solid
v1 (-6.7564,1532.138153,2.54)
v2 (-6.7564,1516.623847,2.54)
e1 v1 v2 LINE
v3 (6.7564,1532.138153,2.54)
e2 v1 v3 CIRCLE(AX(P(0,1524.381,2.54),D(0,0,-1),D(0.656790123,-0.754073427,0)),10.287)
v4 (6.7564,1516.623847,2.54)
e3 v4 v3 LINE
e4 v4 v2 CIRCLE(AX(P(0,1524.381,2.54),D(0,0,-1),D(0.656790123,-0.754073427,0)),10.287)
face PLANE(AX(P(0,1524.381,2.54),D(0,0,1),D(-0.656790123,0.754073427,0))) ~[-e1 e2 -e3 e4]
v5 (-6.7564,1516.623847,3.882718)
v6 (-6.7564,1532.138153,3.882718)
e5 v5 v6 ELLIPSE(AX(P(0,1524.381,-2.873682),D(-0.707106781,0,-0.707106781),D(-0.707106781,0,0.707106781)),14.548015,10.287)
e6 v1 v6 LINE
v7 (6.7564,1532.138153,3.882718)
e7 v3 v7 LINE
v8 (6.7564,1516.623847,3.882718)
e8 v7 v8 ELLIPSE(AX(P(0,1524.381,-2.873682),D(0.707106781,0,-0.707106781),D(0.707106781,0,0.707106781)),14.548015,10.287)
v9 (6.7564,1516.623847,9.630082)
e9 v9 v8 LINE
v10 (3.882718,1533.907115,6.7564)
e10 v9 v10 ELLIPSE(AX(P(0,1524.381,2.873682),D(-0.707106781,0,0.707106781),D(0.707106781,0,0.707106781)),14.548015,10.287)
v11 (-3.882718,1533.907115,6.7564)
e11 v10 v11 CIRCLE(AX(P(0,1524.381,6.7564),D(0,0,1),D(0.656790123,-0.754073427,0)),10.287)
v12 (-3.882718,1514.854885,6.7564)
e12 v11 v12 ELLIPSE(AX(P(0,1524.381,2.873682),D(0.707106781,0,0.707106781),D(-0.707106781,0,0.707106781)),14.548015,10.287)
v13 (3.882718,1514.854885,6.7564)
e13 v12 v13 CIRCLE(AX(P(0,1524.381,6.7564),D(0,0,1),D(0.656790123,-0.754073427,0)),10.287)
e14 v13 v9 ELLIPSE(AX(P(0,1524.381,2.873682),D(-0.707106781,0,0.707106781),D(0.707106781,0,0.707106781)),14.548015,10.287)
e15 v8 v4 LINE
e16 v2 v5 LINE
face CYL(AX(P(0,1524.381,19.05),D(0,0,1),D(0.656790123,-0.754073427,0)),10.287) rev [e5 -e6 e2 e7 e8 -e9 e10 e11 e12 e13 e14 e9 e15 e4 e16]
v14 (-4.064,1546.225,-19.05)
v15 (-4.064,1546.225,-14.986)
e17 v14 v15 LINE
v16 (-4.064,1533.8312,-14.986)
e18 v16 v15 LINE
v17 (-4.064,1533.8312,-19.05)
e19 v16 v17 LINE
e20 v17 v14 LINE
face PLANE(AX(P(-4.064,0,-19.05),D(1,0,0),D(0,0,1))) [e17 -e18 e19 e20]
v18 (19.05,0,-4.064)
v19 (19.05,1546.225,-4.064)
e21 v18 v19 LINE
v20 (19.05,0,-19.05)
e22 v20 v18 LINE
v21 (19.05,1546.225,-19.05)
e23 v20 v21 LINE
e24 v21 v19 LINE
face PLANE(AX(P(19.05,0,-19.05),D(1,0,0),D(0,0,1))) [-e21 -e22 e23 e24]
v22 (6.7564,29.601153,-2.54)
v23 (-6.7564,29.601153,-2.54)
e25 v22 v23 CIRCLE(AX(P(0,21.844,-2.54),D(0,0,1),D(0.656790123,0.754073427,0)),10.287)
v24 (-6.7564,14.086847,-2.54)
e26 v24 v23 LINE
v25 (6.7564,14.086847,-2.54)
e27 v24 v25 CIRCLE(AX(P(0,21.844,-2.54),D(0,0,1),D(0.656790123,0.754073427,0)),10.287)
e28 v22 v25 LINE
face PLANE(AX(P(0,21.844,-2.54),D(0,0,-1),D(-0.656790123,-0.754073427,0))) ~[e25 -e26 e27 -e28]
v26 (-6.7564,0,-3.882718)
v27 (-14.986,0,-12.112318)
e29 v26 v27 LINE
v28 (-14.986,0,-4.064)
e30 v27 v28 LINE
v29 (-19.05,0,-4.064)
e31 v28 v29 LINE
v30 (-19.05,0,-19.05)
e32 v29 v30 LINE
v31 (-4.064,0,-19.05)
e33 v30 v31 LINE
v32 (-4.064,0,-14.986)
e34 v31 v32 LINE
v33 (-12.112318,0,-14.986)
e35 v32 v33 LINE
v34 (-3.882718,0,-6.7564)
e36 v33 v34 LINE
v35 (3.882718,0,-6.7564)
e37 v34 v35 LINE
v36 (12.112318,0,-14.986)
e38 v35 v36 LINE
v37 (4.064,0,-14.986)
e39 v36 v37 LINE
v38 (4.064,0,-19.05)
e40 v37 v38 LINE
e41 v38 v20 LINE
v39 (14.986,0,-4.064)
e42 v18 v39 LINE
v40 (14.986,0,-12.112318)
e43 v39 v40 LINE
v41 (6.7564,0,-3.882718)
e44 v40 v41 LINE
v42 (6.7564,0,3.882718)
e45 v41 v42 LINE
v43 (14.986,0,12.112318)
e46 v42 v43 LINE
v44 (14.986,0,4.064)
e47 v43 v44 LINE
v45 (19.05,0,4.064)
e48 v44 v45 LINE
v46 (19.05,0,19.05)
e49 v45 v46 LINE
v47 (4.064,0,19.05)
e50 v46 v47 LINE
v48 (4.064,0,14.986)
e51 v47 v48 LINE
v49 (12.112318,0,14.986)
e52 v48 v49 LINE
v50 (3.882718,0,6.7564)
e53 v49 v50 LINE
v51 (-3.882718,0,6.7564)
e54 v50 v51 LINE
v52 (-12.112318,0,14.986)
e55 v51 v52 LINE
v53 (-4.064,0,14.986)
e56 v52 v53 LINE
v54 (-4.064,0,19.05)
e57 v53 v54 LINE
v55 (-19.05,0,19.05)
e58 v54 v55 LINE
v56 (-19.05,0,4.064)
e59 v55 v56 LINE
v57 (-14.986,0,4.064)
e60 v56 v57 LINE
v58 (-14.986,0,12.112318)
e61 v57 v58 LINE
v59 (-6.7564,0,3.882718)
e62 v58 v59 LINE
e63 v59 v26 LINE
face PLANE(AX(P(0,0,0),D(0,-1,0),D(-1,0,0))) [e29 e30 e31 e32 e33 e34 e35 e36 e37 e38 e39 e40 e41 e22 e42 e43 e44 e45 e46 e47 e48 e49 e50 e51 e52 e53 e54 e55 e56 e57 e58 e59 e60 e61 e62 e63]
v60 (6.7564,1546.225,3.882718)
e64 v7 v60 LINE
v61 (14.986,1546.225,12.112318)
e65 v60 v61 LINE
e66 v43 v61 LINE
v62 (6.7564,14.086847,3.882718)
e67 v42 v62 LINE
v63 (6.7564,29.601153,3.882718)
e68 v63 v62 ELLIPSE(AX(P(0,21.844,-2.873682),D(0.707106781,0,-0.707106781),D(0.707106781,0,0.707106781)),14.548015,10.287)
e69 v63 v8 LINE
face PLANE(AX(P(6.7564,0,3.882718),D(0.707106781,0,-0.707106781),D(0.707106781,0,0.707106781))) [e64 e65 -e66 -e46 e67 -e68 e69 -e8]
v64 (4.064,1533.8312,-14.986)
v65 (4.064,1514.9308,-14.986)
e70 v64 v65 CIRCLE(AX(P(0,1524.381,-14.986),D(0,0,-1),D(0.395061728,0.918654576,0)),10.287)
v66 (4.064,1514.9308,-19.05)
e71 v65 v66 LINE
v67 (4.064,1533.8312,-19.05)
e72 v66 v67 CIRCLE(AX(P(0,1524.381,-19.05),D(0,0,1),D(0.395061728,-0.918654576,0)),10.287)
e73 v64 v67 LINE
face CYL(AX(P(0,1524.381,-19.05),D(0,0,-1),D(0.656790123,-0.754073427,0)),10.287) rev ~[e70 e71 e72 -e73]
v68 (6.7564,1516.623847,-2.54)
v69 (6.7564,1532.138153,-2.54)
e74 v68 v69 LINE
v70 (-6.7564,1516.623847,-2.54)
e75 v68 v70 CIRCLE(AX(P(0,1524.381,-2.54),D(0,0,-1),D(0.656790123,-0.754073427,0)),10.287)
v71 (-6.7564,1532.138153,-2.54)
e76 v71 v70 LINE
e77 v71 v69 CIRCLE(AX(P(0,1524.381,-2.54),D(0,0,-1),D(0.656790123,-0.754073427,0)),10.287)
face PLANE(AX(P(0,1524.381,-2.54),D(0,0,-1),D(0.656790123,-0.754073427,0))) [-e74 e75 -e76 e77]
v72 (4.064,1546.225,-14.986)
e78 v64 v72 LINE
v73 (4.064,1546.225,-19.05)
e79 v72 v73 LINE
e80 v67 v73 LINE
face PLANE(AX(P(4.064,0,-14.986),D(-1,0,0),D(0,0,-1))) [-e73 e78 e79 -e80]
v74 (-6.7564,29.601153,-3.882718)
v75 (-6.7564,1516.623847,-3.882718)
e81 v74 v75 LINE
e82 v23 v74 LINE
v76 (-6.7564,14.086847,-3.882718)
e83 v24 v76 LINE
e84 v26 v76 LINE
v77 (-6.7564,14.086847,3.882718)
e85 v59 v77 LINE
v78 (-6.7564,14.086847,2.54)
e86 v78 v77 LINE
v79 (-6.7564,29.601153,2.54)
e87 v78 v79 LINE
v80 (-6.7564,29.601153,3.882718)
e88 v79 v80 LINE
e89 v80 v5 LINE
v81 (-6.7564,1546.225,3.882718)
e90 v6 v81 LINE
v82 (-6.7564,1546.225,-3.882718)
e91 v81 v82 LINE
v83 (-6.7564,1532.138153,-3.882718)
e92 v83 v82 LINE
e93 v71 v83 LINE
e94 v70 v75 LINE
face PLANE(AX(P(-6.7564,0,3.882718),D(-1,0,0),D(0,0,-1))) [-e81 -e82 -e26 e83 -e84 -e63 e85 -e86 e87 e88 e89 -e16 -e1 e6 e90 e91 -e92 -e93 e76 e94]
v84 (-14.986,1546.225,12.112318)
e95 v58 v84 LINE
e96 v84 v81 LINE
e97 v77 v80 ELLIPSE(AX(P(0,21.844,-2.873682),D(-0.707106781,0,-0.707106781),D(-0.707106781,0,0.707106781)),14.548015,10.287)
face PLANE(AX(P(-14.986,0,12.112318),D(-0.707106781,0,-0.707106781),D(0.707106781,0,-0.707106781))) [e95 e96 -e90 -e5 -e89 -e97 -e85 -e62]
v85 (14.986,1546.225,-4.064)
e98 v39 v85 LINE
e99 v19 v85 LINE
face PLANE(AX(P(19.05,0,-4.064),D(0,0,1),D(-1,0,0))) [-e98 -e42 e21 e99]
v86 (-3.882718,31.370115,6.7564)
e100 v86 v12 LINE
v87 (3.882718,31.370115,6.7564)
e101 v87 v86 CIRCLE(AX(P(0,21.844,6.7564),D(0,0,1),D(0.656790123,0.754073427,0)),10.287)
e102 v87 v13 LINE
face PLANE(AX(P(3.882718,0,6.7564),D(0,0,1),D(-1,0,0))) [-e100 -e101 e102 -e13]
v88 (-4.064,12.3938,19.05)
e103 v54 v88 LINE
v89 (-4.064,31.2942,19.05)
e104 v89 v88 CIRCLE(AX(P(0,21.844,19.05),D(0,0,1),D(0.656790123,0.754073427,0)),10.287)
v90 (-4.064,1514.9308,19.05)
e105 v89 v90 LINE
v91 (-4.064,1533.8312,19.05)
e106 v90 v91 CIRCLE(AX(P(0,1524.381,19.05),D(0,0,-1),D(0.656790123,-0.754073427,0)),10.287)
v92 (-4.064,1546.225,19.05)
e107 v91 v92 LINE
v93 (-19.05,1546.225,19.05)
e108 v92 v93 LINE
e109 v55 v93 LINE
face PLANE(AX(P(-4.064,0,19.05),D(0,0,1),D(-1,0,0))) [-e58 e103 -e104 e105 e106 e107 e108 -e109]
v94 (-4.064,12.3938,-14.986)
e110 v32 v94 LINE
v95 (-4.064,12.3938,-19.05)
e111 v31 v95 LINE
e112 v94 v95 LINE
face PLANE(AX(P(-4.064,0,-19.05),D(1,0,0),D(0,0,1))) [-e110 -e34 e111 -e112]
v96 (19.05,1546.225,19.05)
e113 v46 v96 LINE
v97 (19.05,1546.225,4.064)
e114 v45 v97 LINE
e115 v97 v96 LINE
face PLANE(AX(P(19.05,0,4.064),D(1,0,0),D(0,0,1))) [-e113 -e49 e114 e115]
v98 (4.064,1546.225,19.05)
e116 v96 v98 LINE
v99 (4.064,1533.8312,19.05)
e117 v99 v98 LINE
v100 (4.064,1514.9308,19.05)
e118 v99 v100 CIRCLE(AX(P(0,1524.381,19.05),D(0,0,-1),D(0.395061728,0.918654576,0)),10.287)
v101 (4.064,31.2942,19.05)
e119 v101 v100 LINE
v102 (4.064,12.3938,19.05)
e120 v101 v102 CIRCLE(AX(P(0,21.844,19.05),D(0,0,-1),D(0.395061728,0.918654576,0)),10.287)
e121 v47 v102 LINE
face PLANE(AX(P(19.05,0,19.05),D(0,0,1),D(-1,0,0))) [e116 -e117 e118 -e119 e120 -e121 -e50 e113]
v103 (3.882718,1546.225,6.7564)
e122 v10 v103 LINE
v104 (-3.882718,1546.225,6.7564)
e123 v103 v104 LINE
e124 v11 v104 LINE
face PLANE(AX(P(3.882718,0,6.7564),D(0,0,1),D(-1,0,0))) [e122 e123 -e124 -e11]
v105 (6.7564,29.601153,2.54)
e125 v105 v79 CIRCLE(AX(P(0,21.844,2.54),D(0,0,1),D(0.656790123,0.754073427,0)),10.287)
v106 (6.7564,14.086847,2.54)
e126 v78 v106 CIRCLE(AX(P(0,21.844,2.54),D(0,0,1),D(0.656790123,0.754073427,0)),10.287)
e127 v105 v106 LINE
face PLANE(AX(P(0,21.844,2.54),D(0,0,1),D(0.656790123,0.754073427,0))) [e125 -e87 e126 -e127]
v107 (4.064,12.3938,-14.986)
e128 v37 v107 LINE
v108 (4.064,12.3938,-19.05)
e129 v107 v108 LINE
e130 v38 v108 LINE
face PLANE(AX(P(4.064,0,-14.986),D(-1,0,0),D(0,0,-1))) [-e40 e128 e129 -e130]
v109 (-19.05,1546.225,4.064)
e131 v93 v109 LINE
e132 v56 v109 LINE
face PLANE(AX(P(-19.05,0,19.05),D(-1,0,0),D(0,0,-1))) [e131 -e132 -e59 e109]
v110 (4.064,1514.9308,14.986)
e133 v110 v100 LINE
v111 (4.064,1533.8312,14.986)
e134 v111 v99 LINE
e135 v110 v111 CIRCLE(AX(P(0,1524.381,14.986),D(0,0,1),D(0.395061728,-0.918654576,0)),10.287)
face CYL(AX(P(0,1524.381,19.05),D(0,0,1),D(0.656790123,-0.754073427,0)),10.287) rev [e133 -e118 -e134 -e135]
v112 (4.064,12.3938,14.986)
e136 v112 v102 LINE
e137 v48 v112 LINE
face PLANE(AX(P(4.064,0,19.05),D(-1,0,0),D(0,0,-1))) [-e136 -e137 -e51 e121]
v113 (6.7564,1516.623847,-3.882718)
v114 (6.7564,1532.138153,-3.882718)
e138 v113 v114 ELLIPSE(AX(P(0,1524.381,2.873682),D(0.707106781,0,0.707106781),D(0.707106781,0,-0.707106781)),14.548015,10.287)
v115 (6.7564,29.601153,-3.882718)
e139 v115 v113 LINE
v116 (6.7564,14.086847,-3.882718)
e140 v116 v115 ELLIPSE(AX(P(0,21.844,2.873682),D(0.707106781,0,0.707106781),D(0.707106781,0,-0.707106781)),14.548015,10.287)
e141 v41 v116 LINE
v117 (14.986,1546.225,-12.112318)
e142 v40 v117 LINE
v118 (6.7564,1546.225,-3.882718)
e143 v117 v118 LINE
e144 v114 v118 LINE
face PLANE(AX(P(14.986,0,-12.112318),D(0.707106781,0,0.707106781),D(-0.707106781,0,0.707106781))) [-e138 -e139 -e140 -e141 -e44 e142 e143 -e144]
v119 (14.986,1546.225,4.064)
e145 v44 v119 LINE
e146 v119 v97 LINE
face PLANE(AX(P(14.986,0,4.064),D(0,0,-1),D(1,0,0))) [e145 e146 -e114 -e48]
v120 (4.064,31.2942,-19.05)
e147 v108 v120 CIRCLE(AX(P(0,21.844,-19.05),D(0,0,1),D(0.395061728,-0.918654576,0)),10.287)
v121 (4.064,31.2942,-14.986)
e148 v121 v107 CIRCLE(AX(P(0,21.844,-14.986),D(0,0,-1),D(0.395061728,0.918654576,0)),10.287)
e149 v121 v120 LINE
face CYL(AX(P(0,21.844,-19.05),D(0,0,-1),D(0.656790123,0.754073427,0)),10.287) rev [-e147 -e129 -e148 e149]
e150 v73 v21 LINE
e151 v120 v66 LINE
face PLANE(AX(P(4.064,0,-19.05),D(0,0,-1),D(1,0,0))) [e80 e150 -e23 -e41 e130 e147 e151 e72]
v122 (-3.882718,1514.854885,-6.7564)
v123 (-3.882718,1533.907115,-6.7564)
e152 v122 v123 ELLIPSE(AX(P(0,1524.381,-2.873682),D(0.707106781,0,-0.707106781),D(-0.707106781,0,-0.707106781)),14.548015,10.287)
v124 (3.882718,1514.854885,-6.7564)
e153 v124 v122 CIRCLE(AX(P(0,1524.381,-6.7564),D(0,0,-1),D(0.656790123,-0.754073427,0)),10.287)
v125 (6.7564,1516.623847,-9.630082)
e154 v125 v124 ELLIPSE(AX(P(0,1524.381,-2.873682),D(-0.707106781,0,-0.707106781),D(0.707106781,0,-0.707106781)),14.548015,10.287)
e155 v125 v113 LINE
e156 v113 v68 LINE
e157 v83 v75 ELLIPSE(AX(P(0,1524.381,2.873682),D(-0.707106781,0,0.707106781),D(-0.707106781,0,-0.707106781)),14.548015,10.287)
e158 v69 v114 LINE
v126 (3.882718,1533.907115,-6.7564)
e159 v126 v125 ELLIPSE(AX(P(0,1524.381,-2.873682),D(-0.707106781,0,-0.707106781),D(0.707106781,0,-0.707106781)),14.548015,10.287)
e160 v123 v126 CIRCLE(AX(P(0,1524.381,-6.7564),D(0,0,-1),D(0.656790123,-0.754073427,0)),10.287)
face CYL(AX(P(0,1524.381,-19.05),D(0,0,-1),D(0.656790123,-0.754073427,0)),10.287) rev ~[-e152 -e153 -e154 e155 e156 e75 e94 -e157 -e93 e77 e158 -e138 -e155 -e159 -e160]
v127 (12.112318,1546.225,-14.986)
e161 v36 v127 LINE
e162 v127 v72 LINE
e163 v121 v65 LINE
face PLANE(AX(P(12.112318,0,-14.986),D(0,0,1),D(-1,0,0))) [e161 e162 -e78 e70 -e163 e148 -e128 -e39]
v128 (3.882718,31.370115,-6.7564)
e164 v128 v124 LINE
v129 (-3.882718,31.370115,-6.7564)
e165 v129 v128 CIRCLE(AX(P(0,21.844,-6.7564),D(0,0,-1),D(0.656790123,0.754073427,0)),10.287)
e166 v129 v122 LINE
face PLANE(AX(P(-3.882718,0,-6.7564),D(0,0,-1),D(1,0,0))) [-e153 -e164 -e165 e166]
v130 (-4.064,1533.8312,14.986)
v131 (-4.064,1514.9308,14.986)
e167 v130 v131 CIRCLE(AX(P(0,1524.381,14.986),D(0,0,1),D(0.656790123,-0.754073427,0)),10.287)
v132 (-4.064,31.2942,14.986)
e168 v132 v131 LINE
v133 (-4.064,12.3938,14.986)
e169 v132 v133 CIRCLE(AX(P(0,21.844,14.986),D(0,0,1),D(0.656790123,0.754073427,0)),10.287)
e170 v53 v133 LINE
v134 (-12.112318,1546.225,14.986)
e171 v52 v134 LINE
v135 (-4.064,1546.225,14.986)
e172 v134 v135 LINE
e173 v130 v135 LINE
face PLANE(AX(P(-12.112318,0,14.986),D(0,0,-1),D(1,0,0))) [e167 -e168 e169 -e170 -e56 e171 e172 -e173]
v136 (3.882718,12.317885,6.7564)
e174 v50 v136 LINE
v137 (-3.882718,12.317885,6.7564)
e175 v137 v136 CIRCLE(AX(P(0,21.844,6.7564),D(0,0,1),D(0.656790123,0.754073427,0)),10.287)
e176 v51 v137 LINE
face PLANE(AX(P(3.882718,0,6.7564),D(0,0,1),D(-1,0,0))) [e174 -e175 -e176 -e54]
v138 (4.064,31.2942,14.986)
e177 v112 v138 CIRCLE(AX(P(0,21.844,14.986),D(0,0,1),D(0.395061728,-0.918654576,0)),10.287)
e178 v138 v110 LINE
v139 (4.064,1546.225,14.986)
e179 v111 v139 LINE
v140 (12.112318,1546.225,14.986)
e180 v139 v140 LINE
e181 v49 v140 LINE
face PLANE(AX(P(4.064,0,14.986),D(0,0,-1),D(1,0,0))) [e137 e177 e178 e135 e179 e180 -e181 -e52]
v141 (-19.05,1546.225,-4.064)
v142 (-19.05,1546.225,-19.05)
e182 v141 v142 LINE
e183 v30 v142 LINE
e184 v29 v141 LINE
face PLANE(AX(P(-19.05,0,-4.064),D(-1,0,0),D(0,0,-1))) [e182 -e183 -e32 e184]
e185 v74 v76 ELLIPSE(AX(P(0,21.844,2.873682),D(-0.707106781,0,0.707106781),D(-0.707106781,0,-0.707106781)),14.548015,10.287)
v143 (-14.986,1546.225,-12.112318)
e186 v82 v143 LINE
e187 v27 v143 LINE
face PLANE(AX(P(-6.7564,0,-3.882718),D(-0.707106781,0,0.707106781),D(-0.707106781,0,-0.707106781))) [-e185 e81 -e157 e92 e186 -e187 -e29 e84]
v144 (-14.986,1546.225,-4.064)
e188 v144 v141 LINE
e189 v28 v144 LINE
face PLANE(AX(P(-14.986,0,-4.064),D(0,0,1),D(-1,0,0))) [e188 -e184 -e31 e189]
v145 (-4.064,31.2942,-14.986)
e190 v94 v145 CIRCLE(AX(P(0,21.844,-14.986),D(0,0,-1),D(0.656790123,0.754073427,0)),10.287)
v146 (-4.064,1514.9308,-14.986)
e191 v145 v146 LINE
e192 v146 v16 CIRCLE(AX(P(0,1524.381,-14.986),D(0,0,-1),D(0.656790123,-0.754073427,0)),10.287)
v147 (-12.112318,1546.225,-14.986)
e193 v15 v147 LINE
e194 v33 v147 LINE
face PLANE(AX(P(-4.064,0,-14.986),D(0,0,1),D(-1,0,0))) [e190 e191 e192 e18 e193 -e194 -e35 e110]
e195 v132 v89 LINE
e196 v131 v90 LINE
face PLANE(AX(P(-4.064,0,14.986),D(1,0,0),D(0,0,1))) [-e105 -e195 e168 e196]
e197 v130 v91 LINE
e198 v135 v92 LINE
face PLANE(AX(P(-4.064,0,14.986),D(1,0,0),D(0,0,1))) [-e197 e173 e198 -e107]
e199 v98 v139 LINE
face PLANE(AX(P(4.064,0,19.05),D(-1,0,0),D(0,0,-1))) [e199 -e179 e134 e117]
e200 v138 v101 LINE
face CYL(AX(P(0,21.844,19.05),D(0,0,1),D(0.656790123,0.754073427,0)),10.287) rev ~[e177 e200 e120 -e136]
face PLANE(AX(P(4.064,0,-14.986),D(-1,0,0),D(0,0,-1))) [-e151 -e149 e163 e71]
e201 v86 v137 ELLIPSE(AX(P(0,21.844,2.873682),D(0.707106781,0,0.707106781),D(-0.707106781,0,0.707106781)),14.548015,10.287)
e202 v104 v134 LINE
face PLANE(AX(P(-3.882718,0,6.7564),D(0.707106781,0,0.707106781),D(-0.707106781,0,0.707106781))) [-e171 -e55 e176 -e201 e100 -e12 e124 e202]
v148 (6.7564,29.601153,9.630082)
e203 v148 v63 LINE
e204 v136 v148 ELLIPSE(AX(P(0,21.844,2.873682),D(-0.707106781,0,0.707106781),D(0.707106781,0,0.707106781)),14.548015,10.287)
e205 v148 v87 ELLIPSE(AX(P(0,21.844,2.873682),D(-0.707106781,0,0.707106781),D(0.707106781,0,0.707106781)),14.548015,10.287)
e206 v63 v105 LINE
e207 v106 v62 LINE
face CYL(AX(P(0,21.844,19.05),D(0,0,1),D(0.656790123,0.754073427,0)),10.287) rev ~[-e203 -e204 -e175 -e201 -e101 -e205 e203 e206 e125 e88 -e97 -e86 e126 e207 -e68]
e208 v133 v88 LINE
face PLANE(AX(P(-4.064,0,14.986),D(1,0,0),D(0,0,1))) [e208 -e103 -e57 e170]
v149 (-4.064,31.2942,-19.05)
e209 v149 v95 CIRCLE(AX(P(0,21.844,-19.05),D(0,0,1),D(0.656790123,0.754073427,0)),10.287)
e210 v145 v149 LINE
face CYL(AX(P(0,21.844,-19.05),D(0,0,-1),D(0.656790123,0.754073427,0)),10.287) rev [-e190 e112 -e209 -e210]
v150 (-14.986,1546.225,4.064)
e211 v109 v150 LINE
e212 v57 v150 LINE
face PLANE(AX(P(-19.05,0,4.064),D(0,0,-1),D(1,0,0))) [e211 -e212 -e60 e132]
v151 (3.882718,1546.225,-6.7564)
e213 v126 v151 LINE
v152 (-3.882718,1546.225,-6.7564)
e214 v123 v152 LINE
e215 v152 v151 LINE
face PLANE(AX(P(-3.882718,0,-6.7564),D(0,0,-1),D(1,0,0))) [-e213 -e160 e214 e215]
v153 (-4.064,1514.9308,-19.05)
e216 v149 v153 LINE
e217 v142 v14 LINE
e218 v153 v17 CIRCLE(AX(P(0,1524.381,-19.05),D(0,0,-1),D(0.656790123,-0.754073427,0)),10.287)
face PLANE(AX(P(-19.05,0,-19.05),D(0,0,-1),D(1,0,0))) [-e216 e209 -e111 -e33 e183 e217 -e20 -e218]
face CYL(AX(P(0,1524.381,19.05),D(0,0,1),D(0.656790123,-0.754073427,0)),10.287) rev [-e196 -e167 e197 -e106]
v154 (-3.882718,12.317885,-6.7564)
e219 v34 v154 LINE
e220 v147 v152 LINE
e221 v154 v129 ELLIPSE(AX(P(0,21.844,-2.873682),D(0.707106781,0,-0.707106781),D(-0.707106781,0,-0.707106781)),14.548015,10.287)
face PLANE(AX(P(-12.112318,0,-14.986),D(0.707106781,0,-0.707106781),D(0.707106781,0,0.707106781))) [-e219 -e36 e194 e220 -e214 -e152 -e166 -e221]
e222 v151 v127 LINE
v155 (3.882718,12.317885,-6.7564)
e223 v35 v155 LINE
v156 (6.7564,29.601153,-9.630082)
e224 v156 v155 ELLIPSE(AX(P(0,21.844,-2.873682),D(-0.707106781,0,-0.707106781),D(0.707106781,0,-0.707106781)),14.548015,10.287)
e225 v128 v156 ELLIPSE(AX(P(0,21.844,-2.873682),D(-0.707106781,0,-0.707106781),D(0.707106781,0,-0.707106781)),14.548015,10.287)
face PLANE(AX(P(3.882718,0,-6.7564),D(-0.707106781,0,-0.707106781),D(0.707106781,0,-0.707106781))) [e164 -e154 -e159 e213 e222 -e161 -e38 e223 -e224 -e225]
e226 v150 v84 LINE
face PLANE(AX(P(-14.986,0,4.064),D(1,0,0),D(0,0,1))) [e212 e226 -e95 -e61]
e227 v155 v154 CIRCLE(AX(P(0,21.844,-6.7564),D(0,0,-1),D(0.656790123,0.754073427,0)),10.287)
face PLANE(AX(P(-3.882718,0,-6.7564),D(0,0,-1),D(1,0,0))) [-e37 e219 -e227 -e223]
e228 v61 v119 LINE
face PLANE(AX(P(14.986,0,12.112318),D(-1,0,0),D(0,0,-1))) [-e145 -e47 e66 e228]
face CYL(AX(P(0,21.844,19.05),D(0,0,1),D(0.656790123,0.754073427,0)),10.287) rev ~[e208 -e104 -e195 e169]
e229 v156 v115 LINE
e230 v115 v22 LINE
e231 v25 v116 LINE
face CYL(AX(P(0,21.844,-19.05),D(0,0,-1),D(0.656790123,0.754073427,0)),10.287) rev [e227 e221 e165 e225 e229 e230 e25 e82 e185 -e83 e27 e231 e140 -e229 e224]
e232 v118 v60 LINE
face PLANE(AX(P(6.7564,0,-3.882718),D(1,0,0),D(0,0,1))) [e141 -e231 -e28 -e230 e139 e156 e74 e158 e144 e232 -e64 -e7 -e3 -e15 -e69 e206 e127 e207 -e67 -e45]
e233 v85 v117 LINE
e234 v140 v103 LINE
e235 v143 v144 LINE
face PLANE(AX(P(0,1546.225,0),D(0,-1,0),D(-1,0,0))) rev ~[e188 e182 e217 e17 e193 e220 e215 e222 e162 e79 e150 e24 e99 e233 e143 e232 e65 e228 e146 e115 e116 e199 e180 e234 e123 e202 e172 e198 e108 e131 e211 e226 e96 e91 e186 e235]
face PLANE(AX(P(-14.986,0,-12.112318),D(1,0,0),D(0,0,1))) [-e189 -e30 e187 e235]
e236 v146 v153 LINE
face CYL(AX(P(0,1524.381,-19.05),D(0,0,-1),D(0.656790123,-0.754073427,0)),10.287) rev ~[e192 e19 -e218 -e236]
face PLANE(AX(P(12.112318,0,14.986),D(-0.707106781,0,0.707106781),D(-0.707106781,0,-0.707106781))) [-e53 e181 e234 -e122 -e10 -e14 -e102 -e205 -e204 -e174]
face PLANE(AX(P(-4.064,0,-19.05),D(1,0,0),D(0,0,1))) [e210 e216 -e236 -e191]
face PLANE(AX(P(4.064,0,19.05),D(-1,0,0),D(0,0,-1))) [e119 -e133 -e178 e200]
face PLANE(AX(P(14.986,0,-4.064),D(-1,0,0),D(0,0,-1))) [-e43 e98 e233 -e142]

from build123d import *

# Parameters (mm, degrees)
BOSS_EXTRUDE1_DEPTH     = 1546.225
SKETCH3_R               = 10.287
CUT_EXTRUDE1_DEPTH      = 16.51
MIRROR2_COPY_1_SKETCH_R = 10.287
MIRROR2_COPY_1_DEPTH    = 16.51


with BuildPart() as part:
    # Sketch2 → Boss-Extrude1 (new body)
    with BuildSketch(Plane(origin=(0.594697292, 0, 0.594697292), x_dir=(1, 0, 0), z_dir=(0, 1, 0))):
        Polygon((-19.644697292, 19.644697292), (-4.658697292, 19.644697292), (-4.658697292, 15.580697292), (-12.707015333, 15.580697292), (-4.477415333, 7.351097292), (3.288020749, 7.351097292), (11.517620749, 15.580697292), (3.469302708, 15.580697292), (3.469302708, 19.644697292), (18.455302708, 19.644697292), (18.455302708, 4.658697292), (14.391302708, 4.658697292), (14.391302708, 12.707015333), (6.161702708, 4.477415333), (6.161702708, -3.288020749), (14.391302708, -11.517620749), (14.391302708, -3.469302708), (18.455302708, -3.469302708), (18.455302708, -18.455302708), (3.469302708, -18.455302708), (3.469302708, -14.391302708), (11.517620749, -14.391302708), (3.288020749, -6.161702708), (-4.477415333, -6.161702708), (-12.707015333, -14.391302708), (-4.658697292, -14.391302708), (-4.658697292, -18.455302708), (-19.644697292, -18.455302708), (-19.644697292, -3.469302708), (-15.580697292, -3.469302708), (-15.580697292, -11.517620749), (-7.351097292, -3.288020749), (-7.351097292, 4.477415333), (-15.580697292, 12.707015333), (-15.580697292, 4.658697292), (-19.644697292, 4.658697292), align=None)
    extrude(amount=BOSS_EXTRUDE1_DEPTH)

    # Sketch3 → Cut-Extrude1 (cut)
    with BuildSketch(Plane.XY.offset(19.05)):
        with Locations(Location((0, 21.844, 0), (0, 0, 48.944473627))):
            Circle(SKETCH3_R)
    cut_extrude1 = extrude(amount=-CUT_EXTRUDE1_DEPTH, mode=Mode.SUBTRACT)

    # Mirror1: Cut-Extrude1 across plane
    add(cut_extrude1.mirror(Plane.XY), mode=Mode.SUBTRACT)

    # Mirror2: Cut-Extrude1 across plane
    add(cut_extrude1.mirror(Plane.ZX.offset(773.1125)), mode=Mode.SUBTRACT)

    # Mirror2 copy 1 sketch → Mirror2 copy 1 (cut)
    with BuildSketch(Plane(origin=(0, 1546.225, -19.05), x_dir=(1, 0, 0), z_dir=(0, 0, -1))):
        with Locations(Location((0, 21.844, 0), (0, 0, 48.944473627))):
            Circle(MIRROR2_COPY_1_SKETCH_R)
    extrude(amount=-MIRROR2_COPY_1_DEPTH, mode=Mode.SUBTRACT)


solid = part.part
